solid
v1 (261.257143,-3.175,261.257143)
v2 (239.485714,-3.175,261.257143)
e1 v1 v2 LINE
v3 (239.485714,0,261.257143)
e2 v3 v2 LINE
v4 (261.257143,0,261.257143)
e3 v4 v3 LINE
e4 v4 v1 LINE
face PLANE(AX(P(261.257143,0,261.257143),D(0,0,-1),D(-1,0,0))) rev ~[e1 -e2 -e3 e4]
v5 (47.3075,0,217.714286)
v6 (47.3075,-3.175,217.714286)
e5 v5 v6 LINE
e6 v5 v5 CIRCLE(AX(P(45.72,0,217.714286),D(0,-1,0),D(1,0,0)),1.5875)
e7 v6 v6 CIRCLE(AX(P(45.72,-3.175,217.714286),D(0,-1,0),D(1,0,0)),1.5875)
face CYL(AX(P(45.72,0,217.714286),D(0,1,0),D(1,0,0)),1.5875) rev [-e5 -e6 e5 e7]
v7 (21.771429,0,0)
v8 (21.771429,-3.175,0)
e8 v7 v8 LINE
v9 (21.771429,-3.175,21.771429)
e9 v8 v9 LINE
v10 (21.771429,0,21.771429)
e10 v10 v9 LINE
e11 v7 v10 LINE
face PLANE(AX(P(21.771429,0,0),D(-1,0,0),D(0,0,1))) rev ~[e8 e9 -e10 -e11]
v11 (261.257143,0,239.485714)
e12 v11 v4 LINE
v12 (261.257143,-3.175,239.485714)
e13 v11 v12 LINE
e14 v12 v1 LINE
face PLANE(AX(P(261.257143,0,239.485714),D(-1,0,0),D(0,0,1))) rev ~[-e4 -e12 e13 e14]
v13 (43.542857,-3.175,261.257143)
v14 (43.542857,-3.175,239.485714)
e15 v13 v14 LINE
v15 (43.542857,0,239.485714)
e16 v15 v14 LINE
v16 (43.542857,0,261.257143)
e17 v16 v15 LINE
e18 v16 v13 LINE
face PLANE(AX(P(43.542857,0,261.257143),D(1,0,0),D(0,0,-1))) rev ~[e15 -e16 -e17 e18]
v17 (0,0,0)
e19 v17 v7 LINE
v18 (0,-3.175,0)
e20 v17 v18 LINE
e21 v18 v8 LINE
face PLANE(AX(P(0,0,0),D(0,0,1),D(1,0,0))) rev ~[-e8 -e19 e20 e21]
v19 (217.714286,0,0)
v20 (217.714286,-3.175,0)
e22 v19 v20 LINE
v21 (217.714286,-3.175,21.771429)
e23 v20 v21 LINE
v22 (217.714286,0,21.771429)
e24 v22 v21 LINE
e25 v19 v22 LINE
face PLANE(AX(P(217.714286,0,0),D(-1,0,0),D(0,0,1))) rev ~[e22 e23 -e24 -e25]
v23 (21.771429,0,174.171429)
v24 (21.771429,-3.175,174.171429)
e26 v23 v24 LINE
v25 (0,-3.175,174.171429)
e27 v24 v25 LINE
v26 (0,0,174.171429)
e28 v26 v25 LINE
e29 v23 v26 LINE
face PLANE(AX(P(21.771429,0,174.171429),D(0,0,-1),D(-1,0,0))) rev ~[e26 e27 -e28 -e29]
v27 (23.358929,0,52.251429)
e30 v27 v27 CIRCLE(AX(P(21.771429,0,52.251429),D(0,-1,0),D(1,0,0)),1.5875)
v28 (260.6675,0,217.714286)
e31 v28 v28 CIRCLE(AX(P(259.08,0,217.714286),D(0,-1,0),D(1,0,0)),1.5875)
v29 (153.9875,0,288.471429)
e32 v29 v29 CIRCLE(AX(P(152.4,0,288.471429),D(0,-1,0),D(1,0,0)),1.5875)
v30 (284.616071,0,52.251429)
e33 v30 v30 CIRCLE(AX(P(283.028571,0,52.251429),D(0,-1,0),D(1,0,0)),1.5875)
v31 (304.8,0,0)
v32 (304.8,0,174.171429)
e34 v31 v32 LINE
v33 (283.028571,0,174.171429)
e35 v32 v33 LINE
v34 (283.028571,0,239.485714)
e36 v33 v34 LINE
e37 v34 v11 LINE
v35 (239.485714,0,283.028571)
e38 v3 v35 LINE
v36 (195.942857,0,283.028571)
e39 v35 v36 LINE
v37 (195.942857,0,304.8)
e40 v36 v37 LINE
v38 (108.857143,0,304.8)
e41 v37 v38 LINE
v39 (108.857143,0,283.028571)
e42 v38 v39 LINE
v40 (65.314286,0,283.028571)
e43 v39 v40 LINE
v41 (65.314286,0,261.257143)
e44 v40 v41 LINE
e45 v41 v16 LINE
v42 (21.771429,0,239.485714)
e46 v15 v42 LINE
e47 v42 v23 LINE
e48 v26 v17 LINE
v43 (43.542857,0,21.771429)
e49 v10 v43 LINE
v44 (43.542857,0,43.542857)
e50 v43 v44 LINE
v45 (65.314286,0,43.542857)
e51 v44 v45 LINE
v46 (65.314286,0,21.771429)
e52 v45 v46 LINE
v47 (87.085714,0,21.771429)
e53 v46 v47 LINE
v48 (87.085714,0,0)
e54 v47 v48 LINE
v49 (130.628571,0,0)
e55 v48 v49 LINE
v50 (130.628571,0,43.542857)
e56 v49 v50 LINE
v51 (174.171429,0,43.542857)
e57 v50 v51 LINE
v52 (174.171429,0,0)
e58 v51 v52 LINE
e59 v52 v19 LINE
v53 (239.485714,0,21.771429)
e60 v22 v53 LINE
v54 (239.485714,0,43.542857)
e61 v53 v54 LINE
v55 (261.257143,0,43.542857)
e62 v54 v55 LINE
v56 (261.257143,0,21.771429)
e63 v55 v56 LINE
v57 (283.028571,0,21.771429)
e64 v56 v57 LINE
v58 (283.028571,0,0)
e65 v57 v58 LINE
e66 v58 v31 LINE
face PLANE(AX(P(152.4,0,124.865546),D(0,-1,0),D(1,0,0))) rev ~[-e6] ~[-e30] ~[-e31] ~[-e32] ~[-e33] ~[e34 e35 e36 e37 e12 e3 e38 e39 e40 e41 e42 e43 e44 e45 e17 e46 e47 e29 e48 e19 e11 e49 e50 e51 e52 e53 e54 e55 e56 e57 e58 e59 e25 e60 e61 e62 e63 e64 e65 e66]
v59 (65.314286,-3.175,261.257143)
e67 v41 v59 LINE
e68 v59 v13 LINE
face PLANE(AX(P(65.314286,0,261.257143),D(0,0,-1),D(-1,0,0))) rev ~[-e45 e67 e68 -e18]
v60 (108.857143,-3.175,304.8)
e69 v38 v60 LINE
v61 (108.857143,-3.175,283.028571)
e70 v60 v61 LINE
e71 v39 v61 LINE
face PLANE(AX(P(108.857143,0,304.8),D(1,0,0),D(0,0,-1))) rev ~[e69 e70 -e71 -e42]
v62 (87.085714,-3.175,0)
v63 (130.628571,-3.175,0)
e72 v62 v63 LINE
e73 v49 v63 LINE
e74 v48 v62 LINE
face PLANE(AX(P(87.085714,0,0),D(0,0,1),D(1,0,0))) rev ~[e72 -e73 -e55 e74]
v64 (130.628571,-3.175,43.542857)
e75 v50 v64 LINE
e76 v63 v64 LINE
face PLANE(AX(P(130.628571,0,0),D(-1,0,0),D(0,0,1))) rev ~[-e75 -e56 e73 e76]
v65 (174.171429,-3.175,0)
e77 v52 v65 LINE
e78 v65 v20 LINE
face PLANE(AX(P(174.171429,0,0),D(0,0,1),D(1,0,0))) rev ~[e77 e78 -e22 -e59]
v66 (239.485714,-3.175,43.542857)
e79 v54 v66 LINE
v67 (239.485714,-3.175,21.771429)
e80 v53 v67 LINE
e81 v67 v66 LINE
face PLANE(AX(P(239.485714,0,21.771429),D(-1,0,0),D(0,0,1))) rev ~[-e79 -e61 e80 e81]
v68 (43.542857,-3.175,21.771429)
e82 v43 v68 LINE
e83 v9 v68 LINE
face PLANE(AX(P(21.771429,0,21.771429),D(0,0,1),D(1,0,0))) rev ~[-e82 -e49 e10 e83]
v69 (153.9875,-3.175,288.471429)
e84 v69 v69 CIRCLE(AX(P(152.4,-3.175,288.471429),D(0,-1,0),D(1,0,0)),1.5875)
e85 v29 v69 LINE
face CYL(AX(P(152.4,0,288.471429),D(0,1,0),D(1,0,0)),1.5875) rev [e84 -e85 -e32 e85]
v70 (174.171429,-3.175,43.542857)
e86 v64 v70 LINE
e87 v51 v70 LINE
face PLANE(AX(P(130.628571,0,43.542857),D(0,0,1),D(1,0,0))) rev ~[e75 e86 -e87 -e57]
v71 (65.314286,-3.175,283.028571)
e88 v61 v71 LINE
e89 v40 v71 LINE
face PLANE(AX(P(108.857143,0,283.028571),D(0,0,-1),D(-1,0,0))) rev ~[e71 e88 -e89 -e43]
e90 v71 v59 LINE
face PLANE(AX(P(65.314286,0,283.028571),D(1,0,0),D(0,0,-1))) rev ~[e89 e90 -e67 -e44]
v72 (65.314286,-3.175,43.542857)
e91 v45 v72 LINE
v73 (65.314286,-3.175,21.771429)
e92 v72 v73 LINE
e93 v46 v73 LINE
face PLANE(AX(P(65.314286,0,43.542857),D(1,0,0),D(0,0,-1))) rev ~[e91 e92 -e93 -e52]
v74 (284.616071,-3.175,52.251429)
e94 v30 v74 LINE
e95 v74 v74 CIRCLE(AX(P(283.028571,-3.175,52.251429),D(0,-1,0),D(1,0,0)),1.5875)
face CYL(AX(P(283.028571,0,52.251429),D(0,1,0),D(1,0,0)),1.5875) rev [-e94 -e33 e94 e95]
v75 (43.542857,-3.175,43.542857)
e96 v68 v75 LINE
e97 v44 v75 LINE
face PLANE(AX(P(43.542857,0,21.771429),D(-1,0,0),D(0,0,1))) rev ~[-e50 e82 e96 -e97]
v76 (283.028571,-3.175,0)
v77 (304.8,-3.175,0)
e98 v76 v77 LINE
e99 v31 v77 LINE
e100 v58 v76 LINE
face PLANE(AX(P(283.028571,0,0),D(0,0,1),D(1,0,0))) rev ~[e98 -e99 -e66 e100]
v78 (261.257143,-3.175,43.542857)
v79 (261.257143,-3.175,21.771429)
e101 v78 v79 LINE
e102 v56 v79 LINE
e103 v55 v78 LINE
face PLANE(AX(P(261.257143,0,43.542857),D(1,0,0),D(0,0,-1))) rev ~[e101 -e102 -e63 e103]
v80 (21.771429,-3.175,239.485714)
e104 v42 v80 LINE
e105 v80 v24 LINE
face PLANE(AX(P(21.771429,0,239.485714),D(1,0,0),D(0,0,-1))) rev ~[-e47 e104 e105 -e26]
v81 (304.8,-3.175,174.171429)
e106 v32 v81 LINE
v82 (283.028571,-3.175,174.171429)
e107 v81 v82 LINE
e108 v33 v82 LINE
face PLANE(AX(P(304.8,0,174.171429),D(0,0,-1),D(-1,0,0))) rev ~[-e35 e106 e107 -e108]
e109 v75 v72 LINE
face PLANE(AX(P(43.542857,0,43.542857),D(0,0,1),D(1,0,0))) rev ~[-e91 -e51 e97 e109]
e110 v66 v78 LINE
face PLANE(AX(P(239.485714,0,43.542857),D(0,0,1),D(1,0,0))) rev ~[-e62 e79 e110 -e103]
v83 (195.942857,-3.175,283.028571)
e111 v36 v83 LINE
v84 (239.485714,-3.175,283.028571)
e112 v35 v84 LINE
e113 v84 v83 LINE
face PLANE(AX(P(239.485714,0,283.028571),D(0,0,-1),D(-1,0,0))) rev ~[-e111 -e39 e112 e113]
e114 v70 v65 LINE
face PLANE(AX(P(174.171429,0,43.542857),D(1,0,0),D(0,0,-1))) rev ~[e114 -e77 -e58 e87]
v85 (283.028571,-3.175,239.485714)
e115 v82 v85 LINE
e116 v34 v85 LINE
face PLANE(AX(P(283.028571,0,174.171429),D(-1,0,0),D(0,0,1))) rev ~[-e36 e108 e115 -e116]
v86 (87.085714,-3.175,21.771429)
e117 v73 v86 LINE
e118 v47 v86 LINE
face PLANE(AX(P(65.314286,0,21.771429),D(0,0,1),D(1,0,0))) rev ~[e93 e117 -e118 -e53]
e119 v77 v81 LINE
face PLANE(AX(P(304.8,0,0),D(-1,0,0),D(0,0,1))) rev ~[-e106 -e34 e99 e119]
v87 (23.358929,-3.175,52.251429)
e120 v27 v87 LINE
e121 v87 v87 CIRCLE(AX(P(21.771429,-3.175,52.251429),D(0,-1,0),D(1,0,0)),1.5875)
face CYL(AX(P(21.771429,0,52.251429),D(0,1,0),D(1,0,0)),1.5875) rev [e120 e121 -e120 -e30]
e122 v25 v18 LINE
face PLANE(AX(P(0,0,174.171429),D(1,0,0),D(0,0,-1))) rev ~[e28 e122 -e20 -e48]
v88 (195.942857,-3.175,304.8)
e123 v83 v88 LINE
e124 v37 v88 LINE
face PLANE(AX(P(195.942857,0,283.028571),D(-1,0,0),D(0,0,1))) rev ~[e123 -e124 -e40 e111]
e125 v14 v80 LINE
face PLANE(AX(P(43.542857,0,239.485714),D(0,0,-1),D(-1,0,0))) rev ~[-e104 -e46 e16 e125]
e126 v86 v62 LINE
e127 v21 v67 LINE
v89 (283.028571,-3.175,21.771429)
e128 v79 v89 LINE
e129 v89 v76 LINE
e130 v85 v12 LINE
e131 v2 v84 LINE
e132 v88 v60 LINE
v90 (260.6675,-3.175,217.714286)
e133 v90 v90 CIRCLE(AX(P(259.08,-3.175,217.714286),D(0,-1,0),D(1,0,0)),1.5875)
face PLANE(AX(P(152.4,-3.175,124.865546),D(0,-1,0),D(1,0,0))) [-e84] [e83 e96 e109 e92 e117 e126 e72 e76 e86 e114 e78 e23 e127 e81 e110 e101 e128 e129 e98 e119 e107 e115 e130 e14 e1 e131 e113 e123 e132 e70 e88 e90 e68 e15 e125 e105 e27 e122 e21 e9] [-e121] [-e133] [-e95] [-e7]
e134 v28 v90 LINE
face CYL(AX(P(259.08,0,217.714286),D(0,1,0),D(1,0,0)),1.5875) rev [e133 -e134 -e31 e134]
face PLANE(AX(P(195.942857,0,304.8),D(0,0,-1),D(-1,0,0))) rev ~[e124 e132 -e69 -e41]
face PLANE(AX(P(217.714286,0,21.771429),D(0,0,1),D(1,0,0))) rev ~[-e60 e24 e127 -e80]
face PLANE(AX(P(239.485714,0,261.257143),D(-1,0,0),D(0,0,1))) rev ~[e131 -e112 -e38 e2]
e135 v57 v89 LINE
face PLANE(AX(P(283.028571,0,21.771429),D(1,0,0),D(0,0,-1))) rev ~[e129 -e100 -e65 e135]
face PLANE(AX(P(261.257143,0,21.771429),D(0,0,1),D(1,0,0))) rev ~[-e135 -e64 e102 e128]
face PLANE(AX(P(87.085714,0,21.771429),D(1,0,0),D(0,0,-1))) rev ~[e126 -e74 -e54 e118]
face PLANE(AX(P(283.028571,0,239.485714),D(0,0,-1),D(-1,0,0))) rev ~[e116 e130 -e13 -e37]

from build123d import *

# Parameters (mm, degrees)
F0_R     = 1.5875
F1_DEPTH = 3.175


with BuildPart() as f1:
    # F0 (on Front) → F1 (new body)
    with BuildSketch(Plane.XZ):
        Polygon((0, 174.171429), (0, 0), (21.771429, 0), (21.771429, 21.771429), (43.542857, 21.771429), (43.542857, 43.542857), (65.314286, 43.542857), (65.314286, 21.771429), (87.085714, 21.771429), (87.085714, 0), (130.628571, 0), (130.628571, 43.542857), (174.171429, 43.542857), (174.171429, 0), (217.714286, 0), (217.714286, 21.771429), (239.485714, 21.771429), (239.485714, 43.542857), (261.257143, 43.542857), (261.257143, 21.771429), (283.028571, 21.771429), (283.028571, 0), (304.8, 0), (304.8, 174.171429), (283.028571, 174.171429), (283.028571, 239.485714), (261.257143, 239.485714), (261.257143, 261.257143), (239.485714, 261.257143), (239.485714, 283.028571), (195.942857, 283.028571), (195.942857, 304.8), (108.857143, 304.8), (108.857143, 283.028571), (65.314286, 283.028571), (65.314286, 261.257143), (43.542857, 261.257143), (43.542857, 239.485714), (21.771429, 239.485714), (21.771429, 174.171429), align=None)
        with Locations((21.771429, 52.251429)):
            Circle(F0_R, mode=Mode.SUBTRACT)
        with Locations((283.028571, 52.251429)):
            Circle(F0_R, mode=Mode.SUBTRACT)
        with Locations((45.72, 217.714286)):
            Circle(F0_R, mode=Mode.SUBTRACT)
        with Locations((259.08, 217.714286)):
            Circle(F0_R, mode=Mode.SUBTRACT)
        with Locations((152.4, 288.471429)):
            Circle(F0_R, mode=Mode.SUBTRACT)
    extrude(amount=F1_DEPTH)


solid = f1.part
